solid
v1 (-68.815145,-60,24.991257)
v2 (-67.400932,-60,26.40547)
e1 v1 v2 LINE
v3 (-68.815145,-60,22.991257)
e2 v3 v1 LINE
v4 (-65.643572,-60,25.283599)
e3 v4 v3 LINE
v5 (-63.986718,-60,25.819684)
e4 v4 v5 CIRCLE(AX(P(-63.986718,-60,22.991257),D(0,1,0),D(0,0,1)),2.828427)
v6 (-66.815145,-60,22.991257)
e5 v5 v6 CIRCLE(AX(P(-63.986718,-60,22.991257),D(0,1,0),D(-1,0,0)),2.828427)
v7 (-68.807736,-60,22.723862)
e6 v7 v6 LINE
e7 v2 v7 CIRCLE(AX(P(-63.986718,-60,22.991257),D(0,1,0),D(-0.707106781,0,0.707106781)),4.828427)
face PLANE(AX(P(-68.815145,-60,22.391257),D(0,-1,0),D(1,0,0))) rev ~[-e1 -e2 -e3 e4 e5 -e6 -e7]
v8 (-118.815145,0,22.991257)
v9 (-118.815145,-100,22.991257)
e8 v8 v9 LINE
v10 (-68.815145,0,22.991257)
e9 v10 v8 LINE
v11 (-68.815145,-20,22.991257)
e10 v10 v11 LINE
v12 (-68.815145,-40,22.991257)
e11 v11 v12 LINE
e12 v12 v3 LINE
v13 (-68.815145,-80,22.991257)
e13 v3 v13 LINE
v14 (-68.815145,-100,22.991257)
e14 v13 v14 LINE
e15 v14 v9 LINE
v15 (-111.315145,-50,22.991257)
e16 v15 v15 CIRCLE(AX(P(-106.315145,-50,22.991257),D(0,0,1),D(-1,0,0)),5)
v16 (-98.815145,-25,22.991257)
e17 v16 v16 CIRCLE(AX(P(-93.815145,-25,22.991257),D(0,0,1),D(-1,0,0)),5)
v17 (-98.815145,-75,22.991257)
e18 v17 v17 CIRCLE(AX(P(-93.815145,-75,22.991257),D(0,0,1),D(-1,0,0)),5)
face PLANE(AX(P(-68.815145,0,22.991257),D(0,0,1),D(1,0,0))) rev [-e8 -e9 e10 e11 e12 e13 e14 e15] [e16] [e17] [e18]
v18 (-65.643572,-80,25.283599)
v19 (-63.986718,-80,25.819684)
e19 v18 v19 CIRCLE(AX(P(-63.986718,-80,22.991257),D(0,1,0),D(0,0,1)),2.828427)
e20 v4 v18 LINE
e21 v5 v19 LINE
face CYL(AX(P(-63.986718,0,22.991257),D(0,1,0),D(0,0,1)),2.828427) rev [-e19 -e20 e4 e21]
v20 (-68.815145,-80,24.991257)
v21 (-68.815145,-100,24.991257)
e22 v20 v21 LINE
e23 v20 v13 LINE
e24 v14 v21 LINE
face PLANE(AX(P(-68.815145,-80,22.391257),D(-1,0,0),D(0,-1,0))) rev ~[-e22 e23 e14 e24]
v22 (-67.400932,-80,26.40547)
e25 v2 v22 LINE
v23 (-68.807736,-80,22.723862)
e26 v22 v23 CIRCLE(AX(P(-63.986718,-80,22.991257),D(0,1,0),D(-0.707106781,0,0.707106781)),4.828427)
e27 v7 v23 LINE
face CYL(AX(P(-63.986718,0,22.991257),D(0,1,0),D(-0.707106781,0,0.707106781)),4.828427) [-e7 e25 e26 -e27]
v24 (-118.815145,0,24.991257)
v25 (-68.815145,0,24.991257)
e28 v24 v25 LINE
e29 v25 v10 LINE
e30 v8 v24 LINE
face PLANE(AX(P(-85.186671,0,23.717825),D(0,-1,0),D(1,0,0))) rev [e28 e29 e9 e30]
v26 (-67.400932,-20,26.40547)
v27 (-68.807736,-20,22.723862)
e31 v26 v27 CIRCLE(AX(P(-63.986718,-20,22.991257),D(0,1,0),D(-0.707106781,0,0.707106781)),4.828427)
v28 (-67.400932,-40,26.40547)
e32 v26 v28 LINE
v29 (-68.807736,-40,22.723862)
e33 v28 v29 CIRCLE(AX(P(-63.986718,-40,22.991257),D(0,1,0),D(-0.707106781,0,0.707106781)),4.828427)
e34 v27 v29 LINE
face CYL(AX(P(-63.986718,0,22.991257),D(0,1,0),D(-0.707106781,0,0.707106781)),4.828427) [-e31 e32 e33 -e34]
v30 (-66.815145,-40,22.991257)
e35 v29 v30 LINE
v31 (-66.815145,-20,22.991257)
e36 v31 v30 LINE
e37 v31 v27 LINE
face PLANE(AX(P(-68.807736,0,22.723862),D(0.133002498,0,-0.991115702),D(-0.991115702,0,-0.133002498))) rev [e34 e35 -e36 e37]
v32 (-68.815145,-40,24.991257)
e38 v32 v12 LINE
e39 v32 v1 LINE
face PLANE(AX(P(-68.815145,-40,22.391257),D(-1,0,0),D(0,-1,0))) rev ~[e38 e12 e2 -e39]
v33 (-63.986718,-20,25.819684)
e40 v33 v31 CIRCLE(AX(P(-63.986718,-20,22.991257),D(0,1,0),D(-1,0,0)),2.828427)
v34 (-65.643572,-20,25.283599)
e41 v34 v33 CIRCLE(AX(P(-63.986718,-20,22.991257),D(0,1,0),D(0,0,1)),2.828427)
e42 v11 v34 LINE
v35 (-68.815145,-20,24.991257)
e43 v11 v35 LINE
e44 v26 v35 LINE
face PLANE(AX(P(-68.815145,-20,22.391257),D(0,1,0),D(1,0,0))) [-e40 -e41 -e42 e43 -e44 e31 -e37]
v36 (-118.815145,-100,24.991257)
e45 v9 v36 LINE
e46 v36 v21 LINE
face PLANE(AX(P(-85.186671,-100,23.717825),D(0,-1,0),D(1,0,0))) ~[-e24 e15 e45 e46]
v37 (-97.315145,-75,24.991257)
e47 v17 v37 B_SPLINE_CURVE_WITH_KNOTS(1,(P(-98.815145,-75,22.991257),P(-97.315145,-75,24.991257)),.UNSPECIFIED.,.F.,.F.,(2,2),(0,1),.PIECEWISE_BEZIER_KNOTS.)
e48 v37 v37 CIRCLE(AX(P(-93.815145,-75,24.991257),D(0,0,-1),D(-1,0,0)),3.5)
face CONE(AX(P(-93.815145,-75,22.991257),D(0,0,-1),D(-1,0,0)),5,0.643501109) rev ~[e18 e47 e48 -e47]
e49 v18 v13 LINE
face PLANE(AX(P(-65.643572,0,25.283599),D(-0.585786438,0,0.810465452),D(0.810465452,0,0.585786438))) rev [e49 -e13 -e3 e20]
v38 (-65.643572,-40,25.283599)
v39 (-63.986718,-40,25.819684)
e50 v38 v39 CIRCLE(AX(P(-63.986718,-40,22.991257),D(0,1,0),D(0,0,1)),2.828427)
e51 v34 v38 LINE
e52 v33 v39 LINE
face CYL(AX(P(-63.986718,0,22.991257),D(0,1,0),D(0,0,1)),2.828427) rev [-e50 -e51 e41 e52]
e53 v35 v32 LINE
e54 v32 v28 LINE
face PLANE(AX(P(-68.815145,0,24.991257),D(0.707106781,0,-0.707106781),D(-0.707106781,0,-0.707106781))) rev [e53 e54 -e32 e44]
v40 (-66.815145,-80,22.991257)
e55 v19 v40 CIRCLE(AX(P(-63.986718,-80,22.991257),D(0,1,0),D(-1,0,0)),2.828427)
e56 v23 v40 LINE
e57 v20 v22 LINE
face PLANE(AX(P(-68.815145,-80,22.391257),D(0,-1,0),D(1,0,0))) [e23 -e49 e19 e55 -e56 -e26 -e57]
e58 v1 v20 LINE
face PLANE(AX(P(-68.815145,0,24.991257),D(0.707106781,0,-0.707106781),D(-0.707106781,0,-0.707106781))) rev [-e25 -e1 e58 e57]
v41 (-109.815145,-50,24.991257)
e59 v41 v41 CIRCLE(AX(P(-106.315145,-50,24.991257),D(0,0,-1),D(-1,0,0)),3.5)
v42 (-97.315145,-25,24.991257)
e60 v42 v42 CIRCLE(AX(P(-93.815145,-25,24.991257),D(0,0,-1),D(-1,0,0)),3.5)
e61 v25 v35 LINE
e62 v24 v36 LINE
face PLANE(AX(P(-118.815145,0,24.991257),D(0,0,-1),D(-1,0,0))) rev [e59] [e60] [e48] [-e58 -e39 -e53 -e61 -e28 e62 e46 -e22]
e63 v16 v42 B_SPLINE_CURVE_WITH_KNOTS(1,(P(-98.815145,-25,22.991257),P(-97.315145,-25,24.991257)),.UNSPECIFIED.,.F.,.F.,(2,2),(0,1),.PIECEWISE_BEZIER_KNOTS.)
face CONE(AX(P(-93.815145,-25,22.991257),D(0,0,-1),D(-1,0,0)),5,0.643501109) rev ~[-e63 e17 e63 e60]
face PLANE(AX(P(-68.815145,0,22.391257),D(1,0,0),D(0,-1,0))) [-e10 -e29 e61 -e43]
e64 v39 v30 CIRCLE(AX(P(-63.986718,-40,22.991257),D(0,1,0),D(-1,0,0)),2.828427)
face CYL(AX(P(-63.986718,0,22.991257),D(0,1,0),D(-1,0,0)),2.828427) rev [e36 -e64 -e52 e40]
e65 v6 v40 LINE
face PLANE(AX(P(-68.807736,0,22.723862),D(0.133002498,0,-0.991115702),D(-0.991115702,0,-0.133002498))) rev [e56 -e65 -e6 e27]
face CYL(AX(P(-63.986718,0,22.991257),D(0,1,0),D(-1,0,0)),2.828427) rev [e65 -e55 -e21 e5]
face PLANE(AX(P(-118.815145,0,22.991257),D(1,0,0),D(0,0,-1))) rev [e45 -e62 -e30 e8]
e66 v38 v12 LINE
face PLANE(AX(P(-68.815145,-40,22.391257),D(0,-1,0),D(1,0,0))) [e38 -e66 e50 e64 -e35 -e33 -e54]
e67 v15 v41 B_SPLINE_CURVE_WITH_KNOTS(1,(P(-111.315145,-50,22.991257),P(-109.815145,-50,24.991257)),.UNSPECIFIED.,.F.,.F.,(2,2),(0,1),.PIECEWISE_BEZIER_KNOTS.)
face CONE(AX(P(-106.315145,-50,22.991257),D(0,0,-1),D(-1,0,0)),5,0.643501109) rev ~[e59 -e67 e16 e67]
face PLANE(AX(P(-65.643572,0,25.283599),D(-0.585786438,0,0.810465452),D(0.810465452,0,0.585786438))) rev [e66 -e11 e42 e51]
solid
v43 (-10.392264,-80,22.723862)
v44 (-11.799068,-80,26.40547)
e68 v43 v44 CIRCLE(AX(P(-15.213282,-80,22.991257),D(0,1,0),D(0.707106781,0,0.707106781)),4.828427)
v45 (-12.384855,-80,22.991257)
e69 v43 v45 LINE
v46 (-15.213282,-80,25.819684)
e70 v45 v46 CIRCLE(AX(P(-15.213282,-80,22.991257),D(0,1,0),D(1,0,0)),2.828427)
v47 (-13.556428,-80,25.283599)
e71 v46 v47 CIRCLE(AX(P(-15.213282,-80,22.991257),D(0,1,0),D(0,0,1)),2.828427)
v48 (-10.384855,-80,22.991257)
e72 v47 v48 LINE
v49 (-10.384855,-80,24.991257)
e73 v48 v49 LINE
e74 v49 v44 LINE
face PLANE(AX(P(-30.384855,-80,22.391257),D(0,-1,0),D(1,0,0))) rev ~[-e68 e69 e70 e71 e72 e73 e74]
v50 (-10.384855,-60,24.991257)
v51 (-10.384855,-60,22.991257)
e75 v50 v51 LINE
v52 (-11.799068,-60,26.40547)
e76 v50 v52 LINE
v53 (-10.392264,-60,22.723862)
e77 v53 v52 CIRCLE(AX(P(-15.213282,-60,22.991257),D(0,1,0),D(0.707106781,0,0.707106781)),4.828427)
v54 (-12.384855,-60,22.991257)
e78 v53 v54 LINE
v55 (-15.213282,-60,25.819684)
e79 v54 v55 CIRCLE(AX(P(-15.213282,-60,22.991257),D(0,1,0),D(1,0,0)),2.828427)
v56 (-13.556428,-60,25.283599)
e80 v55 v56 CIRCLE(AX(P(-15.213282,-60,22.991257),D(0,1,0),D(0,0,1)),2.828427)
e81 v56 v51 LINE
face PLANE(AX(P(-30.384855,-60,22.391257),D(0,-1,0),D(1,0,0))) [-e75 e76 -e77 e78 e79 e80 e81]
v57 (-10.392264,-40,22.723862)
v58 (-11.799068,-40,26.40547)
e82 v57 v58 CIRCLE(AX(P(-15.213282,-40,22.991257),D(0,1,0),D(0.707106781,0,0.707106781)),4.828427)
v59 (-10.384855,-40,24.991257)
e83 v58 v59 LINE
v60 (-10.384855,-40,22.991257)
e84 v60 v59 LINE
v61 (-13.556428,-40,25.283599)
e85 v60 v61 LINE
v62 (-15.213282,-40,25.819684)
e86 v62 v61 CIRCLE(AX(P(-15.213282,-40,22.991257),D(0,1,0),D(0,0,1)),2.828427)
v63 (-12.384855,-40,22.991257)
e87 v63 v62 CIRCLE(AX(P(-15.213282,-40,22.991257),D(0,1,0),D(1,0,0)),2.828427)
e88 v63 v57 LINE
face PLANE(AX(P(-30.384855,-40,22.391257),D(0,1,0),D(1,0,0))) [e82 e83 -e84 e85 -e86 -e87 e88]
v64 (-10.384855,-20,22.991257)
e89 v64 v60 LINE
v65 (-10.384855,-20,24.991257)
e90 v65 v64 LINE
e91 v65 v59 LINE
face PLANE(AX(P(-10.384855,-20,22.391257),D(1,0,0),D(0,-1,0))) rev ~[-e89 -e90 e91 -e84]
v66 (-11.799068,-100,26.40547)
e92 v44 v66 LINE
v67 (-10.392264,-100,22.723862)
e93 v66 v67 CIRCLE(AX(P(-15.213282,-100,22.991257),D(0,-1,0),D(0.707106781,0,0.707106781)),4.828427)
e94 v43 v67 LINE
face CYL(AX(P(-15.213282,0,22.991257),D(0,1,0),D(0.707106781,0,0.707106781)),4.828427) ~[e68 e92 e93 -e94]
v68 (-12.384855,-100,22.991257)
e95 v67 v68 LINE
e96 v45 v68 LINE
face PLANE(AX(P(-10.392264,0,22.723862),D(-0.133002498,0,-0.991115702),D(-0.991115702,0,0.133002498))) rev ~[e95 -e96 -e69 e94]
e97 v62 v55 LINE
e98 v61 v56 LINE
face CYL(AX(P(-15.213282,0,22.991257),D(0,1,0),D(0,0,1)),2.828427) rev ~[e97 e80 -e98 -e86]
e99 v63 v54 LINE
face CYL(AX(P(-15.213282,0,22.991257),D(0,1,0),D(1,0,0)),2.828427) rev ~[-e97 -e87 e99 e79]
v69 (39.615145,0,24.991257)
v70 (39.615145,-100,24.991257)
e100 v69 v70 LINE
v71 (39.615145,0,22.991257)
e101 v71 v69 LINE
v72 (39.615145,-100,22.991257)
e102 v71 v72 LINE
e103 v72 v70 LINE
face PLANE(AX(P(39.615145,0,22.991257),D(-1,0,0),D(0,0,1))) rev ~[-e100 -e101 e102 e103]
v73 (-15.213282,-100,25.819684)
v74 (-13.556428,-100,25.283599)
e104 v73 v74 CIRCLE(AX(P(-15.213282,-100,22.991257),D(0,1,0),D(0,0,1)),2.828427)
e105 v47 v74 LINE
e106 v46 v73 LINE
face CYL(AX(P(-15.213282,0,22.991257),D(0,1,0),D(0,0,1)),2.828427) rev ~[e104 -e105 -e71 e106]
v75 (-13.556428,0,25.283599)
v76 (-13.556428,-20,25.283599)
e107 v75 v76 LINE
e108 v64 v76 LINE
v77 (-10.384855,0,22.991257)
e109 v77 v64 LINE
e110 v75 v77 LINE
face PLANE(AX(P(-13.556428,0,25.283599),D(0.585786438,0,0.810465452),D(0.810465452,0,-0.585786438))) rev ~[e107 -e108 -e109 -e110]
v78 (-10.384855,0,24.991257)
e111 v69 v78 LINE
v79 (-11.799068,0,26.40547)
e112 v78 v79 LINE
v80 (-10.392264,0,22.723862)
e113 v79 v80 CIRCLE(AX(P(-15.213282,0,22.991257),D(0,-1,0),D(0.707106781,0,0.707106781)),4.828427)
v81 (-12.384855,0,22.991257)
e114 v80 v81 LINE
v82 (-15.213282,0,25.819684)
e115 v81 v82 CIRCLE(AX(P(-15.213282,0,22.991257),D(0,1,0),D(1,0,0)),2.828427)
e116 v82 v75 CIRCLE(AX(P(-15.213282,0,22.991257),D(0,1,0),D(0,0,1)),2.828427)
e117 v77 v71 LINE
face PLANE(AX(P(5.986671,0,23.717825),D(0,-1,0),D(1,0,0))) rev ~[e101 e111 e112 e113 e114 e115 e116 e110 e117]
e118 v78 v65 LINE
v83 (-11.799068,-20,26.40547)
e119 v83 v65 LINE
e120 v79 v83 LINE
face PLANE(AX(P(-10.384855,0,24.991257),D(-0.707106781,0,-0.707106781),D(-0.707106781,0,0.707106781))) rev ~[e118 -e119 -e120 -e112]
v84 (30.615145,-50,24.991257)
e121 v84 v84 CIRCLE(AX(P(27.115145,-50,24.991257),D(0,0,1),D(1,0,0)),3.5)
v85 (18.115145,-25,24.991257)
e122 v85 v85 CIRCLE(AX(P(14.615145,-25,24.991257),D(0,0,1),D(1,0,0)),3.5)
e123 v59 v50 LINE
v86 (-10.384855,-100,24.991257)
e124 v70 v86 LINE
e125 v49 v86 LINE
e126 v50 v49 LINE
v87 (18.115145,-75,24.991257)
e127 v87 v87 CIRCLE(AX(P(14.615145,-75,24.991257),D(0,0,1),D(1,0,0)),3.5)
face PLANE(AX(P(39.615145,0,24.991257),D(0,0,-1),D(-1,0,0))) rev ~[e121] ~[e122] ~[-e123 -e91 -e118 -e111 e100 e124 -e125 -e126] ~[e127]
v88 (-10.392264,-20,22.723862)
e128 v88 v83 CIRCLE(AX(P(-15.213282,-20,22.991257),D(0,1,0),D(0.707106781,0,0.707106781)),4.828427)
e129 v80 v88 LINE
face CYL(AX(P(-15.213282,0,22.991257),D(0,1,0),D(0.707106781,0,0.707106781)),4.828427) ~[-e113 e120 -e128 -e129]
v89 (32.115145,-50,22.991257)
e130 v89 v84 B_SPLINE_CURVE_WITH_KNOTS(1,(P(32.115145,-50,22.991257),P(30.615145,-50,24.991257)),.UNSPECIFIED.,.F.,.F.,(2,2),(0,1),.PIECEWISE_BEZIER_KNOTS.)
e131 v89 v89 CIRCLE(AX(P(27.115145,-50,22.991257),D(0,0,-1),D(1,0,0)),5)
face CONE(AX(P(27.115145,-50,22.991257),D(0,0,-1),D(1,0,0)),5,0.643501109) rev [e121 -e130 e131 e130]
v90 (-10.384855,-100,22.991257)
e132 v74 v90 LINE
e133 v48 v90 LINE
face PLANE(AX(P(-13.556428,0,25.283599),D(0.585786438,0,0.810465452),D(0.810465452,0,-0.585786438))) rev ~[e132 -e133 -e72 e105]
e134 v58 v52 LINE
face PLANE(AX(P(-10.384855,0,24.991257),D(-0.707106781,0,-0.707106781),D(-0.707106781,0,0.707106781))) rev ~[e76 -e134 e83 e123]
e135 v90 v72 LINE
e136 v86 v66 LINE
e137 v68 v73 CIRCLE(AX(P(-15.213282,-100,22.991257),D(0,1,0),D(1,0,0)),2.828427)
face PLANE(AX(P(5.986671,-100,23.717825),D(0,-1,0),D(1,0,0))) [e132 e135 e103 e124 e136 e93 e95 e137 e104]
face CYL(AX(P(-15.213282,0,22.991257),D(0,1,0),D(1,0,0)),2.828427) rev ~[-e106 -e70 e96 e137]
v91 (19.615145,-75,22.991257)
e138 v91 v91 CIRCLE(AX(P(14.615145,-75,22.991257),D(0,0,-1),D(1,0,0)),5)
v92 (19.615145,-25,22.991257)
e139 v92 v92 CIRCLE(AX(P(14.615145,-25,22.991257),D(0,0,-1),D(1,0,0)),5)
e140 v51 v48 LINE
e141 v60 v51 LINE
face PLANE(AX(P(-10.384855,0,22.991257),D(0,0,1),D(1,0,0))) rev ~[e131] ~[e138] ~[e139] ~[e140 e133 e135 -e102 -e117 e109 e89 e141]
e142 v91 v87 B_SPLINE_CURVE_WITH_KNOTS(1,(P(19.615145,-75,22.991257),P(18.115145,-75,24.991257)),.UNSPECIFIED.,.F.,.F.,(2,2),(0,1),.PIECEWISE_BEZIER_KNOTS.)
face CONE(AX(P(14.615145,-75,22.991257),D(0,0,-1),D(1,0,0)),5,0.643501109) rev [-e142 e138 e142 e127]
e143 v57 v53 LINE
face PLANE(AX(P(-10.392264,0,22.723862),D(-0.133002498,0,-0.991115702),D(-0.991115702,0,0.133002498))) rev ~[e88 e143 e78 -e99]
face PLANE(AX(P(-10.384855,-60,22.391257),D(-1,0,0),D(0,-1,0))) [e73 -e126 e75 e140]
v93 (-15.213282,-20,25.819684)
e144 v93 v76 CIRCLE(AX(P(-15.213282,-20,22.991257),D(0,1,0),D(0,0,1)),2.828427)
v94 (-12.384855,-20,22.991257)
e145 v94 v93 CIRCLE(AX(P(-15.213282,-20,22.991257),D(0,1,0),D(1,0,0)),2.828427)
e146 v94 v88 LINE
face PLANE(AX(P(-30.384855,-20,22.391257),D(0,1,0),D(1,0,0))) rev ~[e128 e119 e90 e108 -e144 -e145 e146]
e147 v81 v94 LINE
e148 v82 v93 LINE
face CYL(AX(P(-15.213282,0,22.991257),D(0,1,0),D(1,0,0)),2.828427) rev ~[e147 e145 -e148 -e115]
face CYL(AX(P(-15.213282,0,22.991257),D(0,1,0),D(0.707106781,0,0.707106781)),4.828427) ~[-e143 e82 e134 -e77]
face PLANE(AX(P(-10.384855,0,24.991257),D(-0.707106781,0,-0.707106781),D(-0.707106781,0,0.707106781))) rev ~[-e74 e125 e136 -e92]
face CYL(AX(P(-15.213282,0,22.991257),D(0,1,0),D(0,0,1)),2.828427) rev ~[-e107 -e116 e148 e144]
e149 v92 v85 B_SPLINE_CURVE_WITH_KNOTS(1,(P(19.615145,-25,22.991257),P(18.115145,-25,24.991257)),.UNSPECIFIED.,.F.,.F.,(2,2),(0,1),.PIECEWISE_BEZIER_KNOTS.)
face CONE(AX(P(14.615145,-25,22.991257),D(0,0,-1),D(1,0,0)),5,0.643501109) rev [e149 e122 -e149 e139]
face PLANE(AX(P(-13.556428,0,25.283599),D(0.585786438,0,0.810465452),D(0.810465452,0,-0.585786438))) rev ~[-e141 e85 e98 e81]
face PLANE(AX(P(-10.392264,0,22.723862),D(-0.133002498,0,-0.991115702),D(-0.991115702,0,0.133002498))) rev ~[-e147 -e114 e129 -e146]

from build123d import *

# Parameters (mm, degrees)
F1_DEPTH  = 100
F2_R      = 5
F3_R      = 3.5
F10_W     = 20
F10_H     = 20
F11_DEPTH = 12.5
F12_DEPTH = 12.5


with BuildPart() as f1:
    # F0 (on Front) → F1 (new body)
    with BuildSketch(Plane.XZ):
        with BuildLine():
            Line((39.6151453722, 24.9912568834), (-10.3848546278, 24.9912568834))
            Line((-10.3848546278, 24.9912568834), (-11.7990681902, 26.4054704458))
            ThreePointArc((-11.7990681902, 26.4054704458), (-19.7236384627, 21.2677746973), (-10.392264395, 22.7238617881))
            Line((-10.392264395, 22.7238617881), (-12.3848546278, 22.9912568834))
            ThreePointArc((-12.3848546278, 22.9912568834), (-17.2132817525, 20.9912568834), (-15.2132817525, 25.8196840081))
            ThreePointArc((-15.2132817525, 25.8196840081), (-14.3425704396, 25.6823276386), (-13.556427503, 25.2835993525))
            Line((-13.556427503, 25.2835993525), (-10.3848546278, 22.9912568834))
            Line((-10.3848546278, 22.9912568834), (39.6151453722, 22.9912568834))
            Line((39.6151453722, 22.9912568834), (39.6151453722, 24.9912568834))
        make_face()
    extrude(amount=F1_DEPTH)

    # F2 (on face) → F4 section 0
    with BuildSketch(Plane(origin=(0, 0, 22.9912568834), x_dir=(1, 0, 0), z_dir=(0, 0, -1))):
        with Locations((14.6151453722, 75)):
            Circle(F2_R)
    # F3 (on face) → F4 section 1
    with BuildSketch(Plane.XY.offset(24.9912568834)):
        with Locations((14.6151453722, -75)):
            Circle(F3_R)
    loft(mode=Mode.SUBTRACT)

    # F2 (on face) → F5 section 0
    with BuildSketch(Plane(origin=(0, 0, 22.9912568834), x_dir=(1, 0, 0), z_dir=(0, 0, -1))):
        with Locations((27.1151453722, 50)):
            Circle(F2_R)
    # F3 (on face) → F5 section 1
    with BuildSketch(Plane.XY.offset(24.9912568834)):
        with Locations((27.1151453722, -50)):
            Circle(F3_R)
    loft(mode=Mode.SUBTRACT)

    # F2 (on face) → F6 section 0
    with BuildSketch(Plane(origin=(0, 0, 22.9912568834), x_dir=(1, 0, 0), z_dir=(0, 0, -1))):
        with Locations((14.6151453722, 25)):
            Circle(F2_R)
    # F3 (on face) → F6 section 1
    with BuildSketch(Plane.XY.offset(24.9912568834)):
        with Locations((14.6151453722, -25)):
            Circle(F3_R)
    loft(mode=Mode.SUBTRACT)


with BuildPart() as f8_1:
    # F8: instance of F1
    add(f1.part.mirror(Plane.YZ.offset(-39.6)))

    # F10 (on offset) → F11 (cut, symmetric)
    with BuildSketch(Plane(origin=(0, 0, 22.3912568834), x_dir=(1, 0, 0), z_dir=(0, 0, -1))):
        with Locations((-58.8151453722, 90)):
            Rectangle(F10_W, F10_H)
        with Locations((-58.8151453722, 50)):
            Rectangle(F10_W, F10_H)
        with Locations((-58.8151453722, 10)):
            Rectangle(F10_W, F10_H)
    extrude(amount=F11_DEPTH, both=True, mode=Mode.SUBTRACT)


with BuildPart() as f1_1:
    add(f1.part)

    # F10 (on offset) → F12 (cut, symmetric)
    with BuildSketch(Plane(origin=(0, 0, 22.3912568834), x_dir=(1, 0, 0), z_dir=(0, 0, -1))):
        with Locations((-20.3848546278, 70)):
            Rectangle(F10_W, F10_H)
        with Locations((-20.3848546278, 30)):
            Rectangle(F10_W, F10_H)
    extrude(amount=F12_DEPTH, both=True, mode=Mode.SUBTRACT)


solid = Compound([f8_1.part, f1_1.part])
